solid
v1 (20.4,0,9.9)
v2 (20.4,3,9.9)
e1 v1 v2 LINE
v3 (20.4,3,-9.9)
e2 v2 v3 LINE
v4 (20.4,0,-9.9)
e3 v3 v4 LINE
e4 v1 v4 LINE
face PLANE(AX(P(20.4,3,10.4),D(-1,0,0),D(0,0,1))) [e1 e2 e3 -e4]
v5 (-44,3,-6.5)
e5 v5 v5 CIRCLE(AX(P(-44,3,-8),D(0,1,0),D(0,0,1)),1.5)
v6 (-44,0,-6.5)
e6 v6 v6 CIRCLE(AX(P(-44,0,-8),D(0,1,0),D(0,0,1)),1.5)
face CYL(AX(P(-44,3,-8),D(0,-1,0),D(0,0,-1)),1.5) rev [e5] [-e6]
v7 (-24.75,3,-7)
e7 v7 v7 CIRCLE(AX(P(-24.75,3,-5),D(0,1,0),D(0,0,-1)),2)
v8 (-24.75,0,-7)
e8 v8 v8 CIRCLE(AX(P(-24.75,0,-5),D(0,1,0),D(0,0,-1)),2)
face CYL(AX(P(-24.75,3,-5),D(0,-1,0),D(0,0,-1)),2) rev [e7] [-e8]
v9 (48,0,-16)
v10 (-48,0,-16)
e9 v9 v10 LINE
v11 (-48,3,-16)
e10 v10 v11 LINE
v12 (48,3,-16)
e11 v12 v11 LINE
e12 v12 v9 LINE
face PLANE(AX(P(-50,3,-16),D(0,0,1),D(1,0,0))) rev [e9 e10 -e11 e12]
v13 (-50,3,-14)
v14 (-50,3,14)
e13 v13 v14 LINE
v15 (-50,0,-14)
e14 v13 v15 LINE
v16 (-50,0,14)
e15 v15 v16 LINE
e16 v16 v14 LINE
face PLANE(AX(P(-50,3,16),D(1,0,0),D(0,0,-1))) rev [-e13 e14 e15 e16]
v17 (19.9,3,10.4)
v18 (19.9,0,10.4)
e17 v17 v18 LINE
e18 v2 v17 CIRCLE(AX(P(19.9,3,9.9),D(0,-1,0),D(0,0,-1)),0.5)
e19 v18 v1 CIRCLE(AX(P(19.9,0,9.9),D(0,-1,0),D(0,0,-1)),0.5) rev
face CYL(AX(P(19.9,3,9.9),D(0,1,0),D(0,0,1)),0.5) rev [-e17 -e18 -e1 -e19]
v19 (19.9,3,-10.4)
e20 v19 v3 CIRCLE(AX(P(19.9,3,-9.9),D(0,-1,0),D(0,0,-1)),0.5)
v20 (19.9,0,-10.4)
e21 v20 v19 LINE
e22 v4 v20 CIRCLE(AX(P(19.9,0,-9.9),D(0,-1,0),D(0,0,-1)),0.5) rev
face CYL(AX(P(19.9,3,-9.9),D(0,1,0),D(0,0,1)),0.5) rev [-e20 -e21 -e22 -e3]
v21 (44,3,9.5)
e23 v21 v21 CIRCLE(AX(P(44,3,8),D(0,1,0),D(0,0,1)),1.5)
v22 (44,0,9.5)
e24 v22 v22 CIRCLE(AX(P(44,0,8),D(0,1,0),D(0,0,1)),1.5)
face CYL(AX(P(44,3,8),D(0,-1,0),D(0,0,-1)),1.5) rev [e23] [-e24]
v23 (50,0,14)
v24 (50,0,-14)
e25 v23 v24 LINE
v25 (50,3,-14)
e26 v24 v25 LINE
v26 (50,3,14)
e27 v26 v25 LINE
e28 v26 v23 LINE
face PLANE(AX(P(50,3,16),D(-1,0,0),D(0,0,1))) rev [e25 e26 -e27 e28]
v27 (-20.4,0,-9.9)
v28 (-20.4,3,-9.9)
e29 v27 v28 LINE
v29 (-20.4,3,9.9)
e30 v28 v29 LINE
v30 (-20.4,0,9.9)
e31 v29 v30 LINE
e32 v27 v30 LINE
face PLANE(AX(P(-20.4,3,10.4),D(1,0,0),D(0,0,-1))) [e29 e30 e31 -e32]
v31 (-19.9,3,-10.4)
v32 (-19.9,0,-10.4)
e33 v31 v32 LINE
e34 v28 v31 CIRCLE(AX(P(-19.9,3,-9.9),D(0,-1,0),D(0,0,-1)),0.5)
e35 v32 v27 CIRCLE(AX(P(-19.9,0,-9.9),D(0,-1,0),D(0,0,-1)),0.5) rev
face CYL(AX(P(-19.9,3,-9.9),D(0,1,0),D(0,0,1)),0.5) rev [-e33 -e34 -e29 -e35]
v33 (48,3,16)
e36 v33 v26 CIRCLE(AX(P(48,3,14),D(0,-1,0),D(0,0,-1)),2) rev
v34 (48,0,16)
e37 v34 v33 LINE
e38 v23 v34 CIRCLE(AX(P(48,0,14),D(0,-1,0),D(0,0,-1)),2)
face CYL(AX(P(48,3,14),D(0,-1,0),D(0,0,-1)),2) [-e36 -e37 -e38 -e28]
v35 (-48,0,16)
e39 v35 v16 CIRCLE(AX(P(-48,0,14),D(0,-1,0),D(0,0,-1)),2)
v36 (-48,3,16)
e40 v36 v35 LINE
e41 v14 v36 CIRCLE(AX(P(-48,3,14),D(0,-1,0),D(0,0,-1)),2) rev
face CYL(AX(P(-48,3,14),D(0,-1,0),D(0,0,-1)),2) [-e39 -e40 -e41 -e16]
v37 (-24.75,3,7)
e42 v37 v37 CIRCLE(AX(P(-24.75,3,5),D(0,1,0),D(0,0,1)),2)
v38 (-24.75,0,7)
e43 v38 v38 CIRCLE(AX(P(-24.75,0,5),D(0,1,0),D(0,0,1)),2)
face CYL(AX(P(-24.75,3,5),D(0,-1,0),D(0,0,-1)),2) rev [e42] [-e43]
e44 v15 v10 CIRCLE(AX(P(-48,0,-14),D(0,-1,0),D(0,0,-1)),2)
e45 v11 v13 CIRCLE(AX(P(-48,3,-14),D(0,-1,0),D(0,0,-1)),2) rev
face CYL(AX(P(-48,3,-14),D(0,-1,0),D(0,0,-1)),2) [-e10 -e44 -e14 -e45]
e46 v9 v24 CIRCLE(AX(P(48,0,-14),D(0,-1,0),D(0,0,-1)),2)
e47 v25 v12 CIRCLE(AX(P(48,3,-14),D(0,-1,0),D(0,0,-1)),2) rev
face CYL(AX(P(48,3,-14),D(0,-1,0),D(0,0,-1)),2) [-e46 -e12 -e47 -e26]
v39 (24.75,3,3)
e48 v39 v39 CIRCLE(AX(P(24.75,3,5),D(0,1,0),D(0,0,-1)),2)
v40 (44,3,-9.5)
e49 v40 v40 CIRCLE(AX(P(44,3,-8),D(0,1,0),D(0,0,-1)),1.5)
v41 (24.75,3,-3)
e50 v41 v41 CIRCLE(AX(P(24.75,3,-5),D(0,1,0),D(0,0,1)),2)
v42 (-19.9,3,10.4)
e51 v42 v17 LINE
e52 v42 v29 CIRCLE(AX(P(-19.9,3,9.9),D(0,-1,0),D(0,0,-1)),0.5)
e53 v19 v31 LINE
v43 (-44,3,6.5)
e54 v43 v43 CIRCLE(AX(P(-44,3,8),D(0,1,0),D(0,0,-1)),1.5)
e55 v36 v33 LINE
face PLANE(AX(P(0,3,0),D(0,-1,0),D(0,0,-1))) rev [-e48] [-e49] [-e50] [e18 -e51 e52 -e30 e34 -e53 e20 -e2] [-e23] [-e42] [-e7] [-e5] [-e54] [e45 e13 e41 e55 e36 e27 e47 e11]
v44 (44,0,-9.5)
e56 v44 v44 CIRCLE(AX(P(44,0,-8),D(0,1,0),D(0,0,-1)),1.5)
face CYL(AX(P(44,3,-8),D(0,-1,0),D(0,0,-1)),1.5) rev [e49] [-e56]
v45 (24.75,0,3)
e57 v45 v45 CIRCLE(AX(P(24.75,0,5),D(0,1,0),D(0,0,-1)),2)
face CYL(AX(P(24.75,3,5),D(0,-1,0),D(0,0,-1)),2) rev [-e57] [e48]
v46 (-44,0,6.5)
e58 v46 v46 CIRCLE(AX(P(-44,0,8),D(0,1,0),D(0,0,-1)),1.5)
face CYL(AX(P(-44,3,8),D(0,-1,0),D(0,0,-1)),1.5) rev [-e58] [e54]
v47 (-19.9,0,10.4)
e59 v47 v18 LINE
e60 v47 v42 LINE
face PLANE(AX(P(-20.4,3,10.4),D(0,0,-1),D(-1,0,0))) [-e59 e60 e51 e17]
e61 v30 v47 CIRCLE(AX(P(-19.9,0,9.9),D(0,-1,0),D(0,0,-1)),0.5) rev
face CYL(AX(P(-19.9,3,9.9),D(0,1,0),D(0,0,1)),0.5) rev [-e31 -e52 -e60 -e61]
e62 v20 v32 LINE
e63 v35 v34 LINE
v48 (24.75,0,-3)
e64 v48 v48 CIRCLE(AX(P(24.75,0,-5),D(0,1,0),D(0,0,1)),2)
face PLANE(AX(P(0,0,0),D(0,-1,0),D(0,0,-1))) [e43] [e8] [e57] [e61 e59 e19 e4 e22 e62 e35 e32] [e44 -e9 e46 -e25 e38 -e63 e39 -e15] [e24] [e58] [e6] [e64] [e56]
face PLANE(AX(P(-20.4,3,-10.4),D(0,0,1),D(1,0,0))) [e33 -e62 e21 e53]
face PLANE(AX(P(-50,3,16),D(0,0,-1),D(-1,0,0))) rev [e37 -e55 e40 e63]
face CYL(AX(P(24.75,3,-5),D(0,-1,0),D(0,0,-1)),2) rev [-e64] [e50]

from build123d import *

# Parameters (mm, degrees)
SKETCH_1_W      = 100
SKETCH_1_H      = 32
SKETCH_1_R      = 2
SKETCH_1_R_2    = 1.5
SKETCH_1_W_2    = 40.8
SKETCH_1_H_2    = 20.8
EXTRUDE_1_DEPTH = 3
FILLET_1_R      = 0.5
FILLET_2_R      = 2


with BuildPart() as part:
    # 草图1 → 凸台-拉伸1 (new body)
    with BuildSketch(Plane(origin=(0, 0, 0), x_dir=(1, 0, 0), z_dir=(0, 1, 0))):
        Rectangle(SKETCH_1_W, SKETCH_1_H)
        with Locations(Location((24.75, 5, 0), (0, 0, 270))):
            Circle(SKETCH_1_R, mode=Mode.SUBTRACT)
        with Locations(Location((24.75, -5, 0), (0, 0, 90))):
            Circle(SKETCH_1_R, mode=Mode.SUBTRACT)
        with Locations(Location((-24.75, -5, 0), (0, 0, 270))):
            Circle(SKETCH_1_R, mode=Mode.SUBTRACT)
        with Locations(Location((-24.75, 5, 0), (0, 0, 90))):
            Circle(SKETCH_1_R, mode=Mode.SUBTRACT)
        with Locations(Location((-44, 8, 0), (0, 0, 270))):
            Circle(SKETCH_1_R_2, mode=Mode.SUBTRACT)
        with Locations(Location((44, 8, 0), (0, 0, 90))):
            Circle(SKETCH_1_R_2, mode=Mode.SUBTRACT)
        with Locations(Location((44, -8, 0), (0, 0, 270))):
            Circle(SKETCH_1_R_2, mode=Mode.SUBTRACT)
        with Locations(Location((-44, -8, 0), (0, 0, 90))):
            Circle(SKETCH_1_R_2, mode=Mode.SUBTRACT)
        Rectangle(SKETCH_1_W_2, SKETCH_1_H_2, mode=Mode.SUBTRACT)
    extrude(amount=EXTRUDE_1_DEPTH)

    # 圆角1
    fillet_1_edges = [part.edges().sort_by_distance(p)[0] for p in [
        (20.4, 1.5, 10.4),
        (20.4, 1.5, -10.4),
        (-20.4, 1.5, -10.4),
        (-20.4, 1.5, 10.4),
    ]]
    fillet(fillet_1_edges, radius=FILLET_1_R)

    # 圆角2
    fillet_2_edges = [part.edges().sort_by_distance(p)[0] for p in [
        (50, 1.5, 16),
        (-50, 1.5, 16),
        (-50, 1.5, -16),
        (50, 1.5, -16),
    ]]
    fillet(fillet_2_edges, radius=FILLET_2_R)


solid = part.part
